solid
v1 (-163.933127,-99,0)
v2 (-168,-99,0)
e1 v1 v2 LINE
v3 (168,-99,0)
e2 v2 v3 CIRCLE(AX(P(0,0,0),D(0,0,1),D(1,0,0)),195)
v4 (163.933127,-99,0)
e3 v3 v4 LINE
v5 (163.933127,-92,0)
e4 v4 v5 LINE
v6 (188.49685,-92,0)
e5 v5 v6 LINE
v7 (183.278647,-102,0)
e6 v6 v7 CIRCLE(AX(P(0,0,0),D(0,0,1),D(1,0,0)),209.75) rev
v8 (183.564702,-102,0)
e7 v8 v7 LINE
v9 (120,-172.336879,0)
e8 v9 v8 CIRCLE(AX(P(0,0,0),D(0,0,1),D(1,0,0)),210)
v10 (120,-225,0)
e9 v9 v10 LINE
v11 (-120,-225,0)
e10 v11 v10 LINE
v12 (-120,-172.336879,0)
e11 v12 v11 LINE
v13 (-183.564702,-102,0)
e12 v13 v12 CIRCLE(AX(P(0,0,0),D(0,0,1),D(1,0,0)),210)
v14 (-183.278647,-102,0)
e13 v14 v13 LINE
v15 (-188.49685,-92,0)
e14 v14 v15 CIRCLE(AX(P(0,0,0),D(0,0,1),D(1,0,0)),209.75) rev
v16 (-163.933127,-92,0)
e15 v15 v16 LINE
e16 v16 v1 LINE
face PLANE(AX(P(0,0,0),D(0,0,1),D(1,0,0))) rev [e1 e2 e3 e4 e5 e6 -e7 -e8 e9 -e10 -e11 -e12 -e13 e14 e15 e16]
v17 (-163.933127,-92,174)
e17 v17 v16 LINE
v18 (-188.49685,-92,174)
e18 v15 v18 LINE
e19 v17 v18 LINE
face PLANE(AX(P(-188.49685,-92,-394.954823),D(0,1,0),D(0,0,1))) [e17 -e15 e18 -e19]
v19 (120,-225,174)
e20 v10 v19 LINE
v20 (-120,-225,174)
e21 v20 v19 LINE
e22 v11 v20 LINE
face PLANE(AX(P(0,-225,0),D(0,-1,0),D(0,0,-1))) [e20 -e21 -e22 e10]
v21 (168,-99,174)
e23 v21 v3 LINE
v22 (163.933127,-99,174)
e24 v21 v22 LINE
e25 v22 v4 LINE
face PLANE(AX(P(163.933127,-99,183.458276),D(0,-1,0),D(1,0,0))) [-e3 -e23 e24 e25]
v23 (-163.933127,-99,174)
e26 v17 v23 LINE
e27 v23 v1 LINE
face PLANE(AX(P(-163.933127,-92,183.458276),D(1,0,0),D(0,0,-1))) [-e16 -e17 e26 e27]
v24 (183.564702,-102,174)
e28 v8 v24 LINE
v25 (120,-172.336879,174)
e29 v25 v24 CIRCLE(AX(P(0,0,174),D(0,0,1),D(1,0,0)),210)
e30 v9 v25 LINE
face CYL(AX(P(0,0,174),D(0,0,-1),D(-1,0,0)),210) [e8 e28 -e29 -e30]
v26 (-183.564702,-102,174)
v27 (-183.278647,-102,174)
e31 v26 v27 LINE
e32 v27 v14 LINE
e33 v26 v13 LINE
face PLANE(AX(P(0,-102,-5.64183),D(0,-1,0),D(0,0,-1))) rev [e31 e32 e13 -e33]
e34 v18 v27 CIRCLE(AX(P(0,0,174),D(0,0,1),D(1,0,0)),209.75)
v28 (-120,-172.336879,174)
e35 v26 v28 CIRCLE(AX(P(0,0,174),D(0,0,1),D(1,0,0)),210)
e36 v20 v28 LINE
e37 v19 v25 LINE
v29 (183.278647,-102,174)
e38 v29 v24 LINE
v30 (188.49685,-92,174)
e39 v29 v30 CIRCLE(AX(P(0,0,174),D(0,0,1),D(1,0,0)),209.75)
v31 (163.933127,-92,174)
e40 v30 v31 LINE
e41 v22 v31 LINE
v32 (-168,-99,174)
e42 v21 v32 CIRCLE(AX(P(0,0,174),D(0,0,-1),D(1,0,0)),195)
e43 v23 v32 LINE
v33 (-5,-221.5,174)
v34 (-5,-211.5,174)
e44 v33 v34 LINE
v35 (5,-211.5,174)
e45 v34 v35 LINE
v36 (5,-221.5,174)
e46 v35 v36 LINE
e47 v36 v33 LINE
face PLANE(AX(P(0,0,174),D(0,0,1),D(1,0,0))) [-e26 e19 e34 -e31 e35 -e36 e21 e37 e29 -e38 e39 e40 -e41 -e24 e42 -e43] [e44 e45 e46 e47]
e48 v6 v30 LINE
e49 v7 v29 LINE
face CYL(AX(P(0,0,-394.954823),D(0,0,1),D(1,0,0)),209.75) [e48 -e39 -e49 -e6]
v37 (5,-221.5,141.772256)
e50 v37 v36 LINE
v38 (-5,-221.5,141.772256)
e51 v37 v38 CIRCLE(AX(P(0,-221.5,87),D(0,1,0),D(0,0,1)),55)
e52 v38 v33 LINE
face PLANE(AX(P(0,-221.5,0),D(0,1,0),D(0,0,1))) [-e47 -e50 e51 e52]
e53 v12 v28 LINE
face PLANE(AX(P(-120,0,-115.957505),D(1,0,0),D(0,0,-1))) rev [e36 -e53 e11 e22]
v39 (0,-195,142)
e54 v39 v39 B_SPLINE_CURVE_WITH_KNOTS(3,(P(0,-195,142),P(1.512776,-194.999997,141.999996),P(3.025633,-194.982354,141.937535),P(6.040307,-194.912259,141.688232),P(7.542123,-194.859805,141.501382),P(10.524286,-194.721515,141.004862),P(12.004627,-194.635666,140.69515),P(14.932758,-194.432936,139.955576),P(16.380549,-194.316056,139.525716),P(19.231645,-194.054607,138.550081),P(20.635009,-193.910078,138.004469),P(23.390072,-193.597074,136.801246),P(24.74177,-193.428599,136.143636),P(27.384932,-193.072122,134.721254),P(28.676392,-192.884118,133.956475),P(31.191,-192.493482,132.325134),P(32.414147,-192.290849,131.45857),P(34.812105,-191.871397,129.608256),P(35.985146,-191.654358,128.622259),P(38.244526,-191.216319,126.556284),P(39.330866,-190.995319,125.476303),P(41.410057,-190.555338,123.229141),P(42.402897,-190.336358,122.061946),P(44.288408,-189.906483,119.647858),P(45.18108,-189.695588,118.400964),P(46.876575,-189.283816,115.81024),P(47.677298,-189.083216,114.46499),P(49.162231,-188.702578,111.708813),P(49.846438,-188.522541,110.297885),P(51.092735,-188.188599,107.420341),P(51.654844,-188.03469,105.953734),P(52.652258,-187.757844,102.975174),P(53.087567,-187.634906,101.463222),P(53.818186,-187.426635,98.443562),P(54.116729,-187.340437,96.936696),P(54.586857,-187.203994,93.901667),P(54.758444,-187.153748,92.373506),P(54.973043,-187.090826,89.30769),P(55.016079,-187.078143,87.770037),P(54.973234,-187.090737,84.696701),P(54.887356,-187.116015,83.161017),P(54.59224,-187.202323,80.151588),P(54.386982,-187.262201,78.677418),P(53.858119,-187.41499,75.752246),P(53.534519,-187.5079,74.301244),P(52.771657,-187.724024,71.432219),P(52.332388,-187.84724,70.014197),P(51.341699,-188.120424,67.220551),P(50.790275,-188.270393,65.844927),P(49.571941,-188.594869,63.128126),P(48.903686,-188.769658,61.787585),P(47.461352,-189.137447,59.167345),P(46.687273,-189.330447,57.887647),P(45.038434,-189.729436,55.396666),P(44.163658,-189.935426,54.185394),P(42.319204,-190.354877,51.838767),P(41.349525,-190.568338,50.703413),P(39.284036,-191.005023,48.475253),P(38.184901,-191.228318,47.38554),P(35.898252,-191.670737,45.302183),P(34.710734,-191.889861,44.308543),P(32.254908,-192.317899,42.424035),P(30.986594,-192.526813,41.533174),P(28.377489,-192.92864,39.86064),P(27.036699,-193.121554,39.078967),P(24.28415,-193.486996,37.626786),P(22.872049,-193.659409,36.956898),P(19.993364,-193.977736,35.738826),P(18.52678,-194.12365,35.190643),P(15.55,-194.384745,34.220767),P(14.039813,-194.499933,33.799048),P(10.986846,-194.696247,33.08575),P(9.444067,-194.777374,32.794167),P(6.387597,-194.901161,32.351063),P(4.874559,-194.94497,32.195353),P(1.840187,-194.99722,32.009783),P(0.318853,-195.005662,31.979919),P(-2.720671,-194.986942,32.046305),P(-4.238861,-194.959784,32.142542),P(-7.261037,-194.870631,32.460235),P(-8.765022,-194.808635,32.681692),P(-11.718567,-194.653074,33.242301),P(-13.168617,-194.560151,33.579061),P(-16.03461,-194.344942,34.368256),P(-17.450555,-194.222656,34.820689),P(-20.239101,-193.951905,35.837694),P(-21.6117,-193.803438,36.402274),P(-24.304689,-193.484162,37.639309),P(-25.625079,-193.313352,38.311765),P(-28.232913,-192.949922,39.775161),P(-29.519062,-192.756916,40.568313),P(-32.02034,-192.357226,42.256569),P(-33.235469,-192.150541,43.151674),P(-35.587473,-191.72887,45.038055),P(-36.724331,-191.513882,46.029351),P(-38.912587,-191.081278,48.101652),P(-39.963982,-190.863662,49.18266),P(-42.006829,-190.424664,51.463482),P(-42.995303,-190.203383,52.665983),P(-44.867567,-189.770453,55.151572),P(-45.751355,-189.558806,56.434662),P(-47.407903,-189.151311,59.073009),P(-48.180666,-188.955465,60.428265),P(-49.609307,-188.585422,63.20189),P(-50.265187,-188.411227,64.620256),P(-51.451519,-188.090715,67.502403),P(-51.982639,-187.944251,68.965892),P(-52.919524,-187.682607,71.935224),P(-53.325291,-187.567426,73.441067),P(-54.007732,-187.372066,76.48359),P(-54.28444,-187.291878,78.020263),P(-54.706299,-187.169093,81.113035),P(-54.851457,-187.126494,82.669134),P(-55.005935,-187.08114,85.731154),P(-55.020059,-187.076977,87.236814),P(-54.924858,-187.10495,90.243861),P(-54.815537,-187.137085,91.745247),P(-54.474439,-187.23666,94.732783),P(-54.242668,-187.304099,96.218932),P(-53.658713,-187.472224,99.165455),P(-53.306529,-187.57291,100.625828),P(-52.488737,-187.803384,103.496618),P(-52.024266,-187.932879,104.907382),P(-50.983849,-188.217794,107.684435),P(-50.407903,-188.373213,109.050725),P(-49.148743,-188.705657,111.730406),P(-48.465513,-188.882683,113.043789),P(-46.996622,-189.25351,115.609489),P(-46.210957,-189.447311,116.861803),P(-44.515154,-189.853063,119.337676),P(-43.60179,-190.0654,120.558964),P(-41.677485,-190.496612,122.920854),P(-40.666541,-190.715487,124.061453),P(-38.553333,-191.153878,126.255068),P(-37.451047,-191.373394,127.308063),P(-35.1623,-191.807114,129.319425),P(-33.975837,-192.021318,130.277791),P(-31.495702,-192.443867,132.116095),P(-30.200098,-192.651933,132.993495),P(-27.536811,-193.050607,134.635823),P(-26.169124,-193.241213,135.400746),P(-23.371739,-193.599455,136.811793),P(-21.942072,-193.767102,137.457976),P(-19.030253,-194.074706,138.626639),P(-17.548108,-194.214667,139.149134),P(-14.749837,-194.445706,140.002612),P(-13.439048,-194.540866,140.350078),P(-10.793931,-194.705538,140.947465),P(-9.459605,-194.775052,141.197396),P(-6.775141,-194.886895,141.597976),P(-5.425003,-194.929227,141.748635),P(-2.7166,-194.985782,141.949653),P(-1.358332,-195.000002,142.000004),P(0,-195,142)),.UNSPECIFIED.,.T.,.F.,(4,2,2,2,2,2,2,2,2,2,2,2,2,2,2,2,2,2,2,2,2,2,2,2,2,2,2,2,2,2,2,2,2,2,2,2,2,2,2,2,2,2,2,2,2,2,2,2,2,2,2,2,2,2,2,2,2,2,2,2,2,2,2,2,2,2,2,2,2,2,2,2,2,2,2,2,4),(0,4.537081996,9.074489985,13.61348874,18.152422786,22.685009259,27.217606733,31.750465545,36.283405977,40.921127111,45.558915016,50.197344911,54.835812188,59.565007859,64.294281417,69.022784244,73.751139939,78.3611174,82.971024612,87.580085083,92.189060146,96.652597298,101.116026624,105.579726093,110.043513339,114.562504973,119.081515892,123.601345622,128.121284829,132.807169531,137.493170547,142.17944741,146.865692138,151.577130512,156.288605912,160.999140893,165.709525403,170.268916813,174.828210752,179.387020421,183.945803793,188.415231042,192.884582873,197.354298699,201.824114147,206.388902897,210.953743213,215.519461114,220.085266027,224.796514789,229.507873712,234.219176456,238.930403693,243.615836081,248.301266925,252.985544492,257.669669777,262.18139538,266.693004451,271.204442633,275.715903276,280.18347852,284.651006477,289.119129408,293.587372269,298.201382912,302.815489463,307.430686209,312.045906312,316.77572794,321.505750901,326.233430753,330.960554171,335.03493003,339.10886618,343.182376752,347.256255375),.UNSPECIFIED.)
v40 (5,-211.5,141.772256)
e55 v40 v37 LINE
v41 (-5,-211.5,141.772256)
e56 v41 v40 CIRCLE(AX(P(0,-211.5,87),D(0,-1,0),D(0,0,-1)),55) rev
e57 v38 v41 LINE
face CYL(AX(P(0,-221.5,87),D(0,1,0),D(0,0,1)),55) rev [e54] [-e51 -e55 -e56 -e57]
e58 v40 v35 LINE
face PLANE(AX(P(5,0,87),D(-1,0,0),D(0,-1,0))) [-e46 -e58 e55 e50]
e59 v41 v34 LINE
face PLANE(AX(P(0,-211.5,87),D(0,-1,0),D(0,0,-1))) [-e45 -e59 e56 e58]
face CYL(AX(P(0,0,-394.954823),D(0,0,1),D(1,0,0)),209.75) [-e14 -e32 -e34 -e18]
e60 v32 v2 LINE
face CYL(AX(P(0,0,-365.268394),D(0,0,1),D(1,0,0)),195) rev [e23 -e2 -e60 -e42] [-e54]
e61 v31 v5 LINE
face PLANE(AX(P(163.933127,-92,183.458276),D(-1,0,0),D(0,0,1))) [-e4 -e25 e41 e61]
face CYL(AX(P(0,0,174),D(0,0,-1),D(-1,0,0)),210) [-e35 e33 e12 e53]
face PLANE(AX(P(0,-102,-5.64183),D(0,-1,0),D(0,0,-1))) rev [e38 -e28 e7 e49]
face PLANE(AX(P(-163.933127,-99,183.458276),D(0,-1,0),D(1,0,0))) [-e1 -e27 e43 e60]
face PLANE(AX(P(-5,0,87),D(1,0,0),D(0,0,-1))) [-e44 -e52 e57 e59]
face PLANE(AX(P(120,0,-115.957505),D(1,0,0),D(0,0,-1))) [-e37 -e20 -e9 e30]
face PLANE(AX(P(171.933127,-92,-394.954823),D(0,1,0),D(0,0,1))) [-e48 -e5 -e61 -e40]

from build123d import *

# Parameters (mm, degrees)
SKETCH_1_R          = 210
SKETCH_1_R_2        = 203
EXTRUDE_2_DEPTH     = 174
EXTRUDE_START       = -174
EXTRUDE_4_DEPTH     = 174
CUT_EXTRUDE_1_DEPTH = 654
EXTRUDE_5_DEPTH     = 174
EXTRUDE_6_DEPTH     = 174
EXTRUDE_7_DEPTH     = 174
EXTRUDE_8_DEPTH     = 174
EXTRUDE_9_DEPTH     = 174
SKETCH_11_R         = 55
CUT_EXTRUDE_4_DEPTH = 221.5
CUT_EXTRUDE_5_DEPTH = 87


with BuildPart() as part:
    # 草图1 → 凸台-拉伸2 (new body)
    with BuildSketch(Plane.XY):
        Circle(SKETCH_1_R)
        Circle(SKETCH_1_R_2, mode=Mode.SUBTRACT)
    extrude(amount=EXTRUDE_2_DEPTH)

    # 草图2 → 凸台-拉伸4 (add)
    with BuildSketch(Plane.XY.offset(174).offset(EXTRUDE_START)):
        with BuildLine():
            Line((-170.735431044, -102), (-173.735431044, -102))
            Line((-173.735431044, -102), (-175.513532242, -102))
            ThreePointArc((-175.513532242, -102), (-174.63092392, -103.50381834), (-173.735431044, -105))
            Line((-173.735431044, -105), (-170.735431044, -105))
            Line((-170.735431044, -105), (-170.735431044, -102))
        make_face()
        with BuildLine():
            ThreePointArc((173.735431044, -105), (174.63092392, -103.50381834), (175.513532242, -102))
            Line((175.513532242, -102), (173.735431044, -102))
            Line((173.735431044, -102), (170.735431044, -102))
            Line((170.735431044, -102), (170.735431044, -105))
            Line((170.735431044, -105), (173.735431044, -105))
        make_face()
    extrude(amount=EXTRUDE_4_DEPTH)

    # 草图3 → 切除-拉伸1 (cut)
    with BuildSketch(Plane.XY.offset(174)):
        Polygon((-170.735431044, -102), (238.333646515, -102), (254.334169784, 272.292523591), (-334.569415043, 221.85110305), (-306.830562533, -102), align=None)
    extrude(amount=-CUT_EXTRUDE_1_DEPTH, mode=Mode.SUBTRACT)

    # 草图5 → 凸台-拉伸5 (add)
    with BuildSketch(Plane.XY.offset(174).offset(EXTRUDE_START)):
        with BuildLine():
            Line((-120, -209.75), (-10.243900624, -209.75))
            ThreePointArc((-10.243900624, -209.75), (-67.755470707, -198.769203322), (-120, -172.336879396))
            Line((-120, -172.336879396), (-120, -209.75))
        make_face()
        with BuildLine():
            ThreePointArc((120, -172.336879396), (67.755470707, -198.769203322), (10.243900624, -209.75))
            Line((10.243900624, -209.75), (120, -209.75))
            Line((120, -209.75), (120, -172.336879396))
        make_face()
    extrude(amount=EXTRUDE_5_DEPTH)

    # 草图6 → 凸台-拉伸6 (add)
    with BuildSketch(Plane.XY.offset(174).offset(EXTRUDE_START)):
        with BuildLine():
            Line((-175.513532242, -102), (-166.195667814, -102))
            ThreePointArc((-166.195667814, -102), (0, -195), (166.195667814, -102))
            Line((166.195667814, -102), (175.513532242, -102))
            ThreePointArc((175.513532242, -102), (0, -203), (-175.513532242, -102))
        make_face()
    extrude(amount=EXTRUDE_6_DEPTH)

    # 草图7 → 凸台-拉伸7 (add)
    with BuildSketch(Plane.XY.offset(174).offset(EXTRUDE_START)):
        with BuildLine():
            Line((-166.933126535, -92), (-166.933126535, -95))
            Line((-166.933126535, -95), (-170.293863659, -95))
            ThreePointArc((-170.293863659, -95), (0, -195), (170.293863659, -95))
            Line((170.293863659, -95), (166.933126535, -95))
            Line((166.933126535, -95), (166.933126535, -92))
            Line((166.933126535, -92), (171.933126535, -92))
            Line((171.933126535, -92), (188.496850106, -92))
            ThreePointArc((188.496850106, -92), (0, -209.75), (-188.496850106, -92))
            Line((-188.496850106, -92), (-171.933126535, -92))
            Line((-171.933126535, -92), (-166.933126535, -92))
        make_face()
    extrude(amount=EXTRUDE_7_DEPTH)

    # 草图8 → 凸台-拉伸8 (add)
    with BuildSketch(Plane(origin=(0, 0, 0), x_dir=(-1, 0, 0), z_dir=(0, 0, -1))):
        with BuildLine():
            Line((166.933126535, -92), (163.933126535, -92))
            Line((163.933126535, -92), (163.933126535, -99))
            Line((163.933126535, -99), (168, -99))
            ThreePointArc((168, -99), (169.158755456, -97.006780447), (170.293863659, -95))
            Line((170.293863659, -95), (166.933126535, -95))
            Line((166.933126535, -95), (166.933126535, -92))
        make_face()
        with BuildLine():
            Line((-166.933126535, -95), (-170.293863659, -95))
            ThreePointArc((-170.293863659, -95), (-169.158755456, -97.006780447), (-168, -99))
            Line((-168, -99), (-163.933126535, -99))
            Line((-163.933126535, -99), (-163.933126535, -92))
            Line((-163.933126535, -92), (-166.933126535, -92))
            Line((-166.933126535, -92), (-166.933126535, -95))
        make_face()
    extrude(amount=-EXTRUDE_8_DEPTH)

    # 草图9 → 凸台-拉伸9 (add)
    with BuildSketch(Plane.XY.offset(174).offset(EXTRUDE_START)):
        with BuildLine():
            ThreePointArc((10.243900624, -209.75), (5.123475383, -209.937490697), (0, -210))
            Line((0, -210), (0, -225))
            Line((0, -225), (18.007375678, -225))
            Line((18.007375678, -225), (120, -225))
            Line((120, -225), (120, -209.75))
            Line((120, -209.75), (10.243900624, -209.75))
        make_face()
        with BuildLine():
            Line((0, -225), (0, -210))
            ThreePointArc((0, -210), (-5.123475383, -209.937490697), (-10.243900624, -209.75))
            Line((-10.243900624, -209.75), (-120, -209.75))
            Line((-120, -209.75), (-120, -225))
            Line((-120, -225), (0, -225))
        make_face()
    extrude(amount=EXTRUDE_9_DEPTH)

    # 草图11 → 切除-拉伸4 (cut)
    with BuildSketch(Plane(origin=(0, 0, 0), x_dir=(1, 0, 0), z_dir=(0, 1, 0))):
        with Locations(Location((0, -87, 0), (0, 0, 270))):
            Circle(SKETCH_11_R)
    extrude(amount=-CUT_EXTRUDE_4_DEPTH, mode=Mode.SUBTRACT)

    # 草图10 → 切除-拉伸5 (cut)
    with BuildSketch(Plane.XY.offset(174)):
        Polygon((5, -221.5), (-5, -221.5), (-5, -211.5), (0, -211.5), (5, -211.5), align=None)
    extrude(amount=-CUT_EXTRUDE_5_DEPTH, mode=Mode.SUBTRACT)


solid = part.part
